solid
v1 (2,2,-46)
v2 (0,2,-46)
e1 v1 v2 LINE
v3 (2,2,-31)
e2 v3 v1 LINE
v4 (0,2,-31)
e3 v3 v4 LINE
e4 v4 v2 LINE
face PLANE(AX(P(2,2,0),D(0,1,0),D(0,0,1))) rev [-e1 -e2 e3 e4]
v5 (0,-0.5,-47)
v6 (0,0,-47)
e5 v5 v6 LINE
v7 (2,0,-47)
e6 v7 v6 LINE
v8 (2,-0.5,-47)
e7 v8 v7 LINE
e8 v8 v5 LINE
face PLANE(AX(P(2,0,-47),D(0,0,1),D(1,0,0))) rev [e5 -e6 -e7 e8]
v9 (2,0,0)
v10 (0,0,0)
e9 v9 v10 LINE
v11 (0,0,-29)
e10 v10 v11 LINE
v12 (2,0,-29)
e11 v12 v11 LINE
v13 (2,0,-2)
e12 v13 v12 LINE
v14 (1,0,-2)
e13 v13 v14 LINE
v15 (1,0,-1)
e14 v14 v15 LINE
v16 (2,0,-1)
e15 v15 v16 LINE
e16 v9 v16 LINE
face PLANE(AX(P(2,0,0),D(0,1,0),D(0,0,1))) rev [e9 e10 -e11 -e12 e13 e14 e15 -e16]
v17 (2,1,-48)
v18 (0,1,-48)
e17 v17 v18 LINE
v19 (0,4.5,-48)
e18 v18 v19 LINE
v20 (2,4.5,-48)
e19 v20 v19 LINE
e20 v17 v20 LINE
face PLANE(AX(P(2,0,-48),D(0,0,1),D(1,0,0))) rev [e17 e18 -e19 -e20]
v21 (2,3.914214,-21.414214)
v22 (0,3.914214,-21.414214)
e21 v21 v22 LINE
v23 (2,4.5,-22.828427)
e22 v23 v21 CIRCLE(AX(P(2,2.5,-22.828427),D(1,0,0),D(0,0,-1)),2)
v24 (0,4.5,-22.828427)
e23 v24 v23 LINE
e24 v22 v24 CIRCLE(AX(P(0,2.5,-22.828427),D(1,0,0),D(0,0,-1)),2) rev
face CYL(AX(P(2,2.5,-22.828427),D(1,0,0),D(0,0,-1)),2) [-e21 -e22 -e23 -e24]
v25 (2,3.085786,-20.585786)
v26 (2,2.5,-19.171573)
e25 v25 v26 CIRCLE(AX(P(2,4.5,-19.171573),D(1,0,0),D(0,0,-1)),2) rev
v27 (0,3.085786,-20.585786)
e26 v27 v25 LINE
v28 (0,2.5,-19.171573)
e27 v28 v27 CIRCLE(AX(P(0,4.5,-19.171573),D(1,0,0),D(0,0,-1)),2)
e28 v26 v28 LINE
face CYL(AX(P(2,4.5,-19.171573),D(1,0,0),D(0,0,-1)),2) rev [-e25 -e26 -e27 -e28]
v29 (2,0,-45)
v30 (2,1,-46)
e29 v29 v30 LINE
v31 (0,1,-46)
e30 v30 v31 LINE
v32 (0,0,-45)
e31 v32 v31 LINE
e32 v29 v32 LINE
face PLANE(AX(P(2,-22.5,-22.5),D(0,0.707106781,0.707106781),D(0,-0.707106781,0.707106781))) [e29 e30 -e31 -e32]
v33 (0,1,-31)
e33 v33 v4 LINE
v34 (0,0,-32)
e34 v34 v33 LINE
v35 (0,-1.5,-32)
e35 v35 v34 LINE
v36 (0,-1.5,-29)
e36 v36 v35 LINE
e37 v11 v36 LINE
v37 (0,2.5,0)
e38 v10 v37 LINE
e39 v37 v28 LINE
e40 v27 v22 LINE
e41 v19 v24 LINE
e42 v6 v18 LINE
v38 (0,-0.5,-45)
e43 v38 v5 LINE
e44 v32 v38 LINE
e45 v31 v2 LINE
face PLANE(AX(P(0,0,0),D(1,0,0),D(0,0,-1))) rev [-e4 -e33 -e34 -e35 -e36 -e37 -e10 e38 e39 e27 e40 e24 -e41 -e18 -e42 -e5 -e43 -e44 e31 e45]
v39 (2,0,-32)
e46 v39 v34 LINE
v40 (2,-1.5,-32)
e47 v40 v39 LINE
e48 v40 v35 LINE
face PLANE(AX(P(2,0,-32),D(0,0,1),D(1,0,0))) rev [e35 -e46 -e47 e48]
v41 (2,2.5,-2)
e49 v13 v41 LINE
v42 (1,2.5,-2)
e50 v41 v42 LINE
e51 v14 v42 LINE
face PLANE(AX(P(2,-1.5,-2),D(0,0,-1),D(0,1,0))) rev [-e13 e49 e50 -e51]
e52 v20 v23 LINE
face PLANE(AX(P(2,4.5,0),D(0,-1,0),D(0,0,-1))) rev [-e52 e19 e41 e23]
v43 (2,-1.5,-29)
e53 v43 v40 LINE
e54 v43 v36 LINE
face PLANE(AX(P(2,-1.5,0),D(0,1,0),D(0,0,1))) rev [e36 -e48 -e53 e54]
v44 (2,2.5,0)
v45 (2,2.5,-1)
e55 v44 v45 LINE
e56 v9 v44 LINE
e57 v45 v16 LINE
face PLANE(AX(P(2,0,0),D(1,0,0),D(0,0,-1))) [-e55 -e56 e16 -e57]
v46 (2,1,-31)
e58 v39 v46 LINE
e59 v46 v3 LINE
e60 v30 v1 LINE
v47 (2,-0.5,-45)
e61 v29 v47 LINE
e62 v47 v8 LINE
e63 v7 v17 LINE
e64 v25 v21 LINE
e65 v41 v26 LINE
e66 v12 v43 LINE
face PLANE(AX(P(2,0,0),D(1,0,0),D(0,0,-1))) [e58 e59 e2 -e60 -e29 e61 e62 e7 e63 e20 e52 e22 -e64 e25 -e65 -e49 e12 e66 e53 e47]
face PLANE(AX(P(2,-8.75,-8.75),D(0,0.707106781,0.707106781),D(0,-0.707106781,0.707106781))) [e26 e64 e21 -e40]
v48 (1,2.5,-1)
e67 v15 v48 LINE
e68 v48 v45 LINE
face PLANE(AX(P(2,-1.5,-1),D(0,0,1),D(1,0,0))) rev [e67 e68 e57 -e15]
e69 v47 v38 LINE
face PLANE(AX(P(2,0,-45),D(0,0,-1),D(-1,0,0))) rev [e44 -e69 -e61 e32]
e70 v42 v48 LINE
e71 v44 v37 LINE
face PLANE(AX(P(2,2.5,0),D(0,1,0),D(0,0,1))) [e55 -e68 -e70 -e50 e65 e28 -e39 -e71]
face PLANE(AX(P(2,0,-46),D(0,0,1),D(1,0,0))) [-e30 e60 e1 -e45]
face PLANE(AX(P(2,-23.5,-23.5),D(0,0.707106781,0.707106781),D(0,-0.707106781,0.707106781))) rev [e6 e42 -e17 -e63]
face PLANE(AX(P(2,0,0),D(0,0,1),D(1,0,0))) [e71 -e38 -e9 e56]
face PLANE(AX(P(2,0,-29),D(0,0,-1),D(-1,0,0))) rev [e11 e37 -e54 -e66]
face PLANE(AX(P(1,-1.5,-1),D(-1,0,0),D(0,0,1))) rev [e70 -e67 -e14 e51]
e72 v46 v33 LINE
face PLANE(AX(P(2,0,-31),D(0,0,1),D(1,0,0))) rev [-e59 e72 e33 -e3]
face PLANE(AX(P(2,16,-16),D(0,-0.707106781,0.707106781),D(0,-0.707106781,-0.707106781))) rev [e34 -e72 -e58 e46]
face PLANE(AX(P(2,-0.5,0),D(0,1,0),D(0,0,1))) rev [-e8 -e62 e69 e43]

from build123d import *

# Parameters (mm, degrees)
SKETCH_1_W          = 20
SKETCH_1_H          = 2.5
EXTRUDE_1_DEPTH     = 2
FILLET_1_R          = 2
SKETCH_2_W          = 1
SKETCH_2_H          = 1
CUT_EXTRUDE_1_DEPTH = 49.207883173


with BuildPart() as part:
    # Эскиз1 → Бобышка-Вытянуть1 (new body)
    with BuildSketch(Plane(origin=(0, 0, 0), x_dir=(0, 0, -1), z_dir=(1, 0, 0))):
        Polygon((48, 1), (48, 4.5), (29, 4.5), (22, 4.5), (20, 2.5), (20, 0), (29, 0), (29, -1.5), (32, -1.5), (32, 0), (31, 1), (31, 2), (46, 2), (46, 1), (45, 0), (45, -0.5), (47, -0.5), (47, 0), align=None)
        with Locations((10, 1.25)):
            Rectangle(SKETCH_1_W, SKETCH_1_H)
    extrude(amount=EXTRUDE_1_DEPTH)

    # Скругление1
    fillet_1_edges = [part.edges().sort_by_distance(p)[0] for p in [
        (1, 2.5, -20),
        (1, 4.5, -22),
    ]]
    fillet(fillet_1_edges, radius=FILLET_1_R)

    # Эскиз2 → Вырез-Вытянуть1 (cut, through all)
    with BuildSketch(Plane(origin=(0, 2.5, 0), x_dir=(1, 0, 0), z_dir=(0, 1, 0))):
        with Locations((1.5, 1.5)):
            Rectangle(SKETCH_2_W, SKETCH_2_H)
    extrude(amount=-CUT_EXTRUDE_1_DEPTH, mode=Mode.SUBTRACT)


solid = part.part
